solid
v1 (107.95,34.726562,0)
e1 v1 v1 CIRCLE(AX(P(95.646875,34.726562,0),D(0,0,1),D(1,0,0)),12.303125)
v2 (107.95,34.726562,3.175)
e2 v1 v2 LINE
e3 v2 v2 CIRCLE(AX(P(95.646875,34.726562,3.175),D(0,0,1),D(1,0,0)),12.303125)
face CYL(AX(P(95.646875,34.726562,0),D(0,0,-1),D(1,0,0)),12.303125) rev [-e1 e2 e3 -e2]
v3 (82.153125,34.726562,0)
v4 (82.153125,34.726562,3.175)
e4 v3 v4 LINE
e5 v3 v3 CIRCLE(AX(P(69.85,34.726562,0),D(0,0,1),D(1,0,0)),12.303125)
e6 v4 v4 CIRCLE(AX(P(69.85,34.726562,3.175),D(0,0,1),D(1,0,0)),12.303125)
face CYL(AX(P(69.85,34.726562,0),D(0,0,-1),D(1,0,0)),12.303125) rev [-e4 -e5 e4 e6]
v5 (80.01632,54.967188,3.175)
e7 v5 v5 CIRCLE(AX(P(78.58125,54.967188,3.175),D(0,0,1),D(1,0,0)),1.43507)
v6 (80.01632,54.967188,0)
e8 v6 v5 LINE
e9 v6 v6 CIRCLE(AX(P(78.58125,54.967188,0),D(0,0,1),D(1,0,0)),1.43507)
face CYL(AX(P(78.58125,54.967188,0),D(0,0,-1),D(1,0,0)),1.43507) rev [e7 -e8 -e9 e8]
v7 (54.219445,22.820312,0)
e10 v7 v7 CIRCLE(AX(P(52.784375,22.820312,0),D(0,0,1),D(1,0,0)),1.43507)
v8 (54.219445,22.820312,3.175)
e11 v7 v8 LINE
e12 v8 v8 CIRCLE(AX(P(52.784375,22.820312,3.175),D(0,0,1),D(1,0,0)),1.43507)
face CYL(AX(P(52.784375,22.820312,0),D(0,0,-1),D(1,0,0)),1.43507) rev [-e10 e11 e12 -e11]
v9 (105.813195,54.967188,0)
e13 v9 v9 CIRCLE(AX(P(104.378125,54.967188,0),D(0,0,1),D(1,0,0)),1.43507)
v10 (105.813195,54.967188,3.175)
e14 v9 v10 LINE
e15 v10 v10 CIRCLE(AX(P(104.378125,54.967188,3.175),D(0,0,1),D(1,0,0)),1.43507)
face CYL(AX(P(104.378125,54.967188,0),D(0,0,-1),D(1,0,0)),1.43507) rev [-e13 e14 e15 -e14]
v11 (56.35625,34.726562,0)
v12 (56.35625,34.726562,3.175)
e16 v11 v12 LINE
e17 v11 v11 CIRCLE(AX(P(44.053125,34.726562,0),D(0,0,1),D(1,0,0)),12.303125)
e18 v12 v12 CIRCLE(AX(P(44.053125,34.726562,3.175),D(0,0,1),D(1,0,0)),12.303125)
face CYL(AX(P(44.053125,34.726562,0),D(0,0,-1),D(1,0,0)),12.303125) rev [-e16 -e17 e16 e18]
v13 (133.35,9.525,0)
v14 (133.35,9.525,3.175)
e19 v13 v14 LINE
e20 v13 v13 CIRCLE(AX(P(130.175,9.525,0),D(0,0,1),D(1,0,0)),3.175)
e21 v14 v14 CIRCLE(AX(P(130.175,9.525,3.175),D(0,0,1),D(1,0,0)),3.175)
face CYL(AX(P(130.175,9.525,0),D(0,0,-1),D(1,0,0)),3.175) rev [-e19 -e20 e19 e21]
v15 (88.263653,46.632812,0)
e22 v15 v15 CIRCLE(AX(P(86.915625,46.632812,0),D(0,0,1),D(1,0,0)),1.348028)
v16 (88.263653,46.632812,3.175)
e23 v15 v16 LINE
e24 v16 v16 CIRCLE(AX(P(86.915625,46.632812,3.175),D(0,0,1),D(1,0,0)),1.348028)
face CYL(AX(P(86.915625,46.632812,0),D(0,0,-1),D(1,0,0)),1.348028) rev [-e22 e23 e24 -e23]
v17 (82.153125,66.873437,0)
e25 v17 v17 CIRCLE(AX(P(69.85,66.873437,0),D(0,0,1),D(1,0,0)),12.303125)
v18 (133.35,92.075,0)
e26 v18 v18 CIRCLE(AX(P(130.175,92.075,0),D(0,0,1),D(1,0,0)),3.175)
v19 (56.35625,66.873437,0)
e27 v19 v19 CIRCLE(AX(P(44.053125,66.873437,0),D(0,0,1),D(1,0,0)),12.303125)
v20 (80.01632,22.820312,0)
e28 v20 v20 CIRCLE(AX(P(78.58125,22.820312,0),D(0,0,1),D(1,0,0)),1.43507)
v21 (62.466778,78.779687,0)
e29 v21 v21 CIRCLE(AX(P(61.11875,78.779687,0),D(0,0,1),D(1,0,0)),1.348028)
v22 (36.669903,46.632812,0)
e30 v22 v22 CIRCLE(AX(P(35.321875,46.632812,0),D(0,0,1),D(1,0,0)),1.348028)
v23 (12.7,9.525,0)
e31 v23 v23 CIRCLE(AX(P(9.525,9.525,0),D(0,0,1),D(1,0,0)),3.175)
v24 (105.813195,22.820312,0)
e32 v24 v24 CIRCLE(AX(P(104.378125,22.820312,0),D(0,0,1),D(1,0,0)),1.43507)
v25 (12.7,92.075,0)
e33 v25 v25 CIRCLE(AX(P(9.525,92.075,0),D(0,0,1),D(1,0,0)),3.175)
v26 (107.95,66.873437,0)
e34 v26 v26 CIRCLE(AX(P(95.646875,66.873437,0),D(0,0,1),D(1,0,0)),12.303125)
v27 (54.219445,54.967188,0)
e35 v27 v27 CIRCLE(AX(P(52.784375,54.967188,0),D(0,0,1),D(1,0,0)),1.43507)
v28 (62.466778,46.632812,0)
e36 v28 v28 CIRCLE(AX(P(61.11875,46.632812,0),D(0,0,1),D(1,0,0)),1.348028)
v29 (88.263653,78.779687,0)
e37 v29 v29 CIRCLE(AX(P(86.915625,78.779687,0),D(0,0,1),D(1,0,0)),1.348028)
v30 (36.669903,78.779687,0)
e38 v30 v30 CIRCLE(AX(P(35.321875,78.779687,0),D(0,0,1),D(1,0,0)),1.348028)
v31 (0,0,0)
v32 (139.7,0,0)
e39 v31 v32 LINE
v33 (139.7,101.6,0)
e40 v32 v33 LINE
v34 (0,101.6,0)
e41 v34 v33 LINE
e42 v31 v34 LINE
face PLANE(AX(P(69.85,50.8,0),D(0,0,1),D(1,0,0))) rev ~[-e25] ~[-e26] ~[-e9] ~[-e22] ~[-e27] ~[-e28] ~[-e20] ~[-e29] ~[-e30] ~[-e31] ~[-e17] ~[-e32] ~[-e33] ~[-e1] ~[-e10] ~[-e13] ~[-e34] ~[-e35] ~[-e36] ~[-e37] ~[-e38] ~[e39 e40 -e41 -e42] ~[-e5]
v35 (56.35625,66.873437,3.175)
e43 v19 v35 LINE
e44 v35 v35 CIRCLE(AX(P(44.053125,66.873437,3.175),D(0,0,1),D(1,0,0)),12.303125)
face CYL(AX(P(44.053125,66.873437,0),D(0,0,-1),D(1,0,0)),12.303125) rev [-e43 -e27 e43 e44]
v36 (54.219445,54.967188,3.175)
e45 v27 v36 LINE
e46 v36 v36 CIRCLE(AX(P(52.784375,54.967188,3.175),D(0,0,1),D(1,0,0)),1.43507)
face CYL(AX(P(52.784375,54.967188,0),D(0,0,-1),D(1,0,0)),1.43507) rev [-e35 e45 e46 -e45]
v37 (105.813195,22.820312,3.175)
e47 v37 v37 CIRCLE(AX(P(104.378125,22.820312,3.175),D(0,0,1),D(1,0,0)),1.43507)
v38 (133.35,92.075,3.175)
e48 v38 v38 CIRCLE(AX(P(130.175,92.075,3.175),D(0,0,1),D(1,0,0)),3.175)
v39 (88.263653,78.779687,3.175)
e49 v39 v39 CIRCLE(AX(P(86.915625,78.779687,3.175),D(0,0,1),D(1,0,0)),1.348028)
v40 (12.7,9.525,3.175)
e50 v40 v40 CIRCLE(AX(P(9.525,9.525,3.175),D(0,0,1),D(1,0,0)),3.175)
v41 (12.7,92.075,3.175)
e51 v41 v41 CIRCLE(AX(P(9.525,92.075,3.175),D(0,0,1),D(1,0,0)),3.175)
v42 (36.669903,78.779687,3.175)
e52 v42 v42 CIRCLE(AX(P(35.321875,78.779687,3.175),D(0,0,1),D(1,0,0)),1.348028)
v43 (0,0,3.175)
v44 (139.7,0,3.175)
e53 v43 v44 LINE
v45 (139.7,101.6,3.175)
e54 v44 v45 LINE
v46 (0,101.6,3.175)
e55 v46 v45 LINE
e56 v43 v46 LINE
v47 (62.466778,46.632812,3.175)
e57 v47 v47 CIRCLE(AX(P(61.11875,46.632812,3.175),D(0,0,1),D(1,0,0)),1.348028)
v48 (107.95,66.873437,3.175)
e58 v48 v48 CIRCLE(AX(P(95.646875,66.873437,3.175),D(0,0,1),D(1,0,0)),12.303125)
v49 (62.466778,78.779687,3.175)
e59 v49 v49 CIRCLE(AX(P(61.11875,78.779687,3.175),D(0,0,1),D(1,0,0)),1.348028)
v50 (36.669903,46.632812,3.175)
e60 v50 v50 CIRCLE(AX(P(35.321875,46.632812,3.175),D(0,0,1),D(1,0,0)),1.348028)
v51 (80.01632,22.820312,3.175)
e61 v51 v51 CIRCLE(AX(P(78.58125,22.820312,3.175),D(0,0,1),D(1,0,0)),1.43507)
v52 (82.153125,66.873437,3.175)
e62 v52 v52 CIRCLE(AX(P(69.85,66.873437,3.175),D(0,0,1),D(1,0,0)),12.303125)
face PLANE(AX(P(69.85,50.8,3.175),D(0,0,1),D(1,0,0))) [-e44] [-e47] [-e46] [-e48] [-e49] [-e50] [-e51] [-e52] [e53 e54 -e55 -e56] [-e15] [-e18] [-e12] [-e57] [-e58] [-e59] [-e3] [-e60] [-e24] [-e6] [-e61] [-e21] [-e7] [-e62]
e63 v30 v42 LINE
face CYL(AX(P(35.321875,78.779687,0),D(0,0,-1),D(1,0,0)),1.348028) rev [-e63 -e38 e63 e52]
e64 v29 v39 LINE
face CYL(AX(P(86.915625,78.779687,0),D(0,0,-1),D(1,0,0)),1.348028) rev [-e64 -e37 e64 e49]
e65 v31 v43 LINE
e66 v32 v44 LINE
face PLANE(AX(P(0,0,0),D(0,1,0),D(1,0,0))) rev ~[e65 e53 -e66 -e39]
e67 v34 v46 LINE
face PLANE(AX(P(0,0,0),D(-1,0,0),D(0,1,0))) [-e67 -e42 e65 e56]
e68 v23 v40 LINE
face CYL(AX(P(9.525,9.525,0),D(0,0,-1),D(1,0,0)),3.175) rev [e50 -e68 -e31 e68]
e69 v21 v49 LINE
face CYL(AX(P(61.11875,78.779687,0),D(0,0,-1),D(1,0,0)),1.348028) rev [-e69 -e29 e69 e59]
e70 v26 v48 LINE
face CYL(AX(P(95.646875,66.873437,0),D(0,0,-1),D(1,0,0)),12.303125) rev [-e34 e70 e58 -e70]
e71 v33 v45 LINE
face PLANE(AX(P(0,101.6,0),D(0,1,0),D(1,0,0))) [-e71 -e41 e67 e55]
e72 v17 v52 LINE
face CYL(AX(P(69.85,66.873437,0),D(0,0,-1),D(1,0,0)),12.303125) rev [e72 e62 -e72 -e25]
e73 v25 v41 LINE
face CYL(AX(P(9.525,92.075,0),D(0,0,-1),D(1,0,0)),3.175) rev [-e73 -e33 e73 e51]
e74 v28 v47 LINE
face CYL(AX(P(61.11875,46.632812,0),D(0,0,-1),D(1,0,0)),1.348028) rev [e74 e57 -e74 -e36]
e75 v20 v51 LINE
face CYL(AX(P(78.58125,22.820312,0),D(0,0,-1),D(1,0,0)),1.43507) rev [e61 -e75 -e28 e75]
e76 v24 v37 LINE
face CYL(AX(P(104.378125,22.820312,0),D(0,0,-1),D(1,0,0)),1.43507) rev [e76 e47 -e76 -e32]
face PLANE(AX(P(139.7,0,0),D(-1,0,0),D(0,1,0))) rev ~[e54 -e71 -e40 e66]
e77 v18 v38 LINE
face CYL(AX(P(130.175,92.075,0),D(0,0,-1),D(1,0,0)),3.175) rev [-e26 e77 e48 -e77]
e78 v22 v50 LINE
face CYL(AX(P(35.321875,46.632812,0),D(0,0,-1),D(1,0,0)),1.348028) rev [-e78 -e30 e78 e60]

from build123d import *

# Parameters (mm, degrees)
F0_W     = 139.7
F0_H     = 101.6
F0_R     = 3.175
F0_W_2   = 25.4
F0_H_2   = 31.75
F0_R_2   = 1.435069993
F0_R_3   = 12.303125
F0_R_4   = 1.3480283012
F1_DEPTH = 3.175


with BuildPart() as f1:
    # F0 (on Top) → F1 (new body)
    with BuildSketch(Plane.XY):
        with Locations((69.85, 50.8)):
            Rectangle(F0_W, F0_H)
        with Locations((9.525, 9.525)):
            Circle(F0_R, mode=Mode.SUBTRACT)
        with Locations((44.053125, 34.7265625)):
            Rectangle(F0_W_2, F0_H_2, mode=Mode.SUBTRACT)
        with Locations((130.175, 9.525)):
            Circle(F0_R, mode=Mode.SUBTRACT)
        with Locations((69.85, 34.7265625)):
            Rectangle(F0_W_2, F0_H_2, mode=Mode.SUBTRACT)
        with Locations((95.646875, 34.7265625)):
            Rectangle(F0_W_2, F0_H_2, mode=Mode.SUBTRACT)
        with Locations((44.053125, 66.8734375)):
            Rectangle(F0_W_2, F0_H_2, mode=Mode.SUBTRACT)
        with Locations((9.525, 92.075)):
            Circle(F0_R, mode=Mode.SUBTRACT)
        with Locations((69.85, 66.8734375)):
            Rectangle(F0_W_2, F0_H_2, mode=Mode.SUBTRACT)
        with Locations((95.646875, 66.8734375)):
            Rectangle(F0_W_2, F0_H_2, mode=Mode.SUBTRACT)
        with Locations((130.175, 92.075)):
            Circle(F0_R, mode=Mode.SUBTRACT)
        with Locations((44.053125, 66.8734375)):
            Rectangle(F0_W_2, F0_H_2)
        with Locations((52.784375, 54.9671875)):
            Circle(F0_R_2, mode=Mode.SUBTRACT)
        with Locations((44.053125, 66.8734375)):
            Circle(F0_R_3, mode=Mode.SUBTRACT)
        with Locations((35.321875, 78.7796875)):
            Circle(F0_R_4, mode=Mode.SUBTRACT)
        with Locations((69.85, 66.8734375)):
            Rectangle(F0_W_2, F0_H_2)
        with Locations((61.11875, 78.7796875)):
            Circle(F0_R_4, mode=Mode.SUBTRACT)
        with Locations((78.58125, 54.9671875)):
            Circle(F0_R_2, mode=Mode.SUBTRACT)
        with Locations((69.85, 66.8734375)):
            Circle(F0_R_3, mode=Mode.SUBTRACT)
        with Locations((95.646875, 66.8734375)):
            Rectangle(F0_W_2, F0_H_2)
        with Locations((104.378125, 54.9671875)):
            Circle(F0_R_2, mode=Mode.SUBTRACT)
        with Locations((95.646875, 66.8734375)):
            Circle(F0_R_3, mode=Mode.SUBTRACT)
        with Locations((86.915625, 78.7796875)):
            Circle(F0_R_4, mode=Mode.SUBTRACT)
        Polygon((108.346875, 18.8515625), (108.346875, 50.6015625), (82.946875, 50.6015625), (82.946875, 18.8515625), align=None)
        with Locations((104.378125, 22.8203125)):
            Circle(F0_R_2, mode=Mode.SUBTRACT)
        with Locations((95.646875, 34.7265625)):
            Circle(F0_R_3, mode=Mode.SUBTRACT)
        with Locations((86.915625, 46.6328125)):
            Circle(F0_R_4, mode=Mode.SUBTRACT)
        Polygon((82.55, 18.8515625), (82.55, 50.6015625), (57.15, 50.6015625), (57.15, 18.8515625), align=None)
        with Locations((61.11875, 46.6328125)):
            Circle(F0_R_4, mode=Mode.SUBTRACT)
        with Locations((78.58125, 22.8203125)):
            Circle(F0_R_2, mode=Mode.SUBTRACT)
        with Locations((69.85, 34.7265625)):
            Circle(F0_R_3, mode=Mode.SUBTRACT)
        Polygon((56.753125, 18.8515625), (56.753125, 50.6015625), (31.353125, 50.6015625), (31.353125, 18.8515625), align=None)
        with Locations((52.784375, 22.8203125)):
            Circle(F0_R_2, mode=Mode.SUBTRACT)
        with Locations((44.053125, 34.7265625)):
            Circle(F0_R_3, mode=Mode.SUBTRACT)
        with Locations((35.321875, 46.6328125)):
            Circle(F0_R_4, mode=Mode.SUBTRACT)
    extrude(amount=F1_DEPTH)


solid = f1.part
